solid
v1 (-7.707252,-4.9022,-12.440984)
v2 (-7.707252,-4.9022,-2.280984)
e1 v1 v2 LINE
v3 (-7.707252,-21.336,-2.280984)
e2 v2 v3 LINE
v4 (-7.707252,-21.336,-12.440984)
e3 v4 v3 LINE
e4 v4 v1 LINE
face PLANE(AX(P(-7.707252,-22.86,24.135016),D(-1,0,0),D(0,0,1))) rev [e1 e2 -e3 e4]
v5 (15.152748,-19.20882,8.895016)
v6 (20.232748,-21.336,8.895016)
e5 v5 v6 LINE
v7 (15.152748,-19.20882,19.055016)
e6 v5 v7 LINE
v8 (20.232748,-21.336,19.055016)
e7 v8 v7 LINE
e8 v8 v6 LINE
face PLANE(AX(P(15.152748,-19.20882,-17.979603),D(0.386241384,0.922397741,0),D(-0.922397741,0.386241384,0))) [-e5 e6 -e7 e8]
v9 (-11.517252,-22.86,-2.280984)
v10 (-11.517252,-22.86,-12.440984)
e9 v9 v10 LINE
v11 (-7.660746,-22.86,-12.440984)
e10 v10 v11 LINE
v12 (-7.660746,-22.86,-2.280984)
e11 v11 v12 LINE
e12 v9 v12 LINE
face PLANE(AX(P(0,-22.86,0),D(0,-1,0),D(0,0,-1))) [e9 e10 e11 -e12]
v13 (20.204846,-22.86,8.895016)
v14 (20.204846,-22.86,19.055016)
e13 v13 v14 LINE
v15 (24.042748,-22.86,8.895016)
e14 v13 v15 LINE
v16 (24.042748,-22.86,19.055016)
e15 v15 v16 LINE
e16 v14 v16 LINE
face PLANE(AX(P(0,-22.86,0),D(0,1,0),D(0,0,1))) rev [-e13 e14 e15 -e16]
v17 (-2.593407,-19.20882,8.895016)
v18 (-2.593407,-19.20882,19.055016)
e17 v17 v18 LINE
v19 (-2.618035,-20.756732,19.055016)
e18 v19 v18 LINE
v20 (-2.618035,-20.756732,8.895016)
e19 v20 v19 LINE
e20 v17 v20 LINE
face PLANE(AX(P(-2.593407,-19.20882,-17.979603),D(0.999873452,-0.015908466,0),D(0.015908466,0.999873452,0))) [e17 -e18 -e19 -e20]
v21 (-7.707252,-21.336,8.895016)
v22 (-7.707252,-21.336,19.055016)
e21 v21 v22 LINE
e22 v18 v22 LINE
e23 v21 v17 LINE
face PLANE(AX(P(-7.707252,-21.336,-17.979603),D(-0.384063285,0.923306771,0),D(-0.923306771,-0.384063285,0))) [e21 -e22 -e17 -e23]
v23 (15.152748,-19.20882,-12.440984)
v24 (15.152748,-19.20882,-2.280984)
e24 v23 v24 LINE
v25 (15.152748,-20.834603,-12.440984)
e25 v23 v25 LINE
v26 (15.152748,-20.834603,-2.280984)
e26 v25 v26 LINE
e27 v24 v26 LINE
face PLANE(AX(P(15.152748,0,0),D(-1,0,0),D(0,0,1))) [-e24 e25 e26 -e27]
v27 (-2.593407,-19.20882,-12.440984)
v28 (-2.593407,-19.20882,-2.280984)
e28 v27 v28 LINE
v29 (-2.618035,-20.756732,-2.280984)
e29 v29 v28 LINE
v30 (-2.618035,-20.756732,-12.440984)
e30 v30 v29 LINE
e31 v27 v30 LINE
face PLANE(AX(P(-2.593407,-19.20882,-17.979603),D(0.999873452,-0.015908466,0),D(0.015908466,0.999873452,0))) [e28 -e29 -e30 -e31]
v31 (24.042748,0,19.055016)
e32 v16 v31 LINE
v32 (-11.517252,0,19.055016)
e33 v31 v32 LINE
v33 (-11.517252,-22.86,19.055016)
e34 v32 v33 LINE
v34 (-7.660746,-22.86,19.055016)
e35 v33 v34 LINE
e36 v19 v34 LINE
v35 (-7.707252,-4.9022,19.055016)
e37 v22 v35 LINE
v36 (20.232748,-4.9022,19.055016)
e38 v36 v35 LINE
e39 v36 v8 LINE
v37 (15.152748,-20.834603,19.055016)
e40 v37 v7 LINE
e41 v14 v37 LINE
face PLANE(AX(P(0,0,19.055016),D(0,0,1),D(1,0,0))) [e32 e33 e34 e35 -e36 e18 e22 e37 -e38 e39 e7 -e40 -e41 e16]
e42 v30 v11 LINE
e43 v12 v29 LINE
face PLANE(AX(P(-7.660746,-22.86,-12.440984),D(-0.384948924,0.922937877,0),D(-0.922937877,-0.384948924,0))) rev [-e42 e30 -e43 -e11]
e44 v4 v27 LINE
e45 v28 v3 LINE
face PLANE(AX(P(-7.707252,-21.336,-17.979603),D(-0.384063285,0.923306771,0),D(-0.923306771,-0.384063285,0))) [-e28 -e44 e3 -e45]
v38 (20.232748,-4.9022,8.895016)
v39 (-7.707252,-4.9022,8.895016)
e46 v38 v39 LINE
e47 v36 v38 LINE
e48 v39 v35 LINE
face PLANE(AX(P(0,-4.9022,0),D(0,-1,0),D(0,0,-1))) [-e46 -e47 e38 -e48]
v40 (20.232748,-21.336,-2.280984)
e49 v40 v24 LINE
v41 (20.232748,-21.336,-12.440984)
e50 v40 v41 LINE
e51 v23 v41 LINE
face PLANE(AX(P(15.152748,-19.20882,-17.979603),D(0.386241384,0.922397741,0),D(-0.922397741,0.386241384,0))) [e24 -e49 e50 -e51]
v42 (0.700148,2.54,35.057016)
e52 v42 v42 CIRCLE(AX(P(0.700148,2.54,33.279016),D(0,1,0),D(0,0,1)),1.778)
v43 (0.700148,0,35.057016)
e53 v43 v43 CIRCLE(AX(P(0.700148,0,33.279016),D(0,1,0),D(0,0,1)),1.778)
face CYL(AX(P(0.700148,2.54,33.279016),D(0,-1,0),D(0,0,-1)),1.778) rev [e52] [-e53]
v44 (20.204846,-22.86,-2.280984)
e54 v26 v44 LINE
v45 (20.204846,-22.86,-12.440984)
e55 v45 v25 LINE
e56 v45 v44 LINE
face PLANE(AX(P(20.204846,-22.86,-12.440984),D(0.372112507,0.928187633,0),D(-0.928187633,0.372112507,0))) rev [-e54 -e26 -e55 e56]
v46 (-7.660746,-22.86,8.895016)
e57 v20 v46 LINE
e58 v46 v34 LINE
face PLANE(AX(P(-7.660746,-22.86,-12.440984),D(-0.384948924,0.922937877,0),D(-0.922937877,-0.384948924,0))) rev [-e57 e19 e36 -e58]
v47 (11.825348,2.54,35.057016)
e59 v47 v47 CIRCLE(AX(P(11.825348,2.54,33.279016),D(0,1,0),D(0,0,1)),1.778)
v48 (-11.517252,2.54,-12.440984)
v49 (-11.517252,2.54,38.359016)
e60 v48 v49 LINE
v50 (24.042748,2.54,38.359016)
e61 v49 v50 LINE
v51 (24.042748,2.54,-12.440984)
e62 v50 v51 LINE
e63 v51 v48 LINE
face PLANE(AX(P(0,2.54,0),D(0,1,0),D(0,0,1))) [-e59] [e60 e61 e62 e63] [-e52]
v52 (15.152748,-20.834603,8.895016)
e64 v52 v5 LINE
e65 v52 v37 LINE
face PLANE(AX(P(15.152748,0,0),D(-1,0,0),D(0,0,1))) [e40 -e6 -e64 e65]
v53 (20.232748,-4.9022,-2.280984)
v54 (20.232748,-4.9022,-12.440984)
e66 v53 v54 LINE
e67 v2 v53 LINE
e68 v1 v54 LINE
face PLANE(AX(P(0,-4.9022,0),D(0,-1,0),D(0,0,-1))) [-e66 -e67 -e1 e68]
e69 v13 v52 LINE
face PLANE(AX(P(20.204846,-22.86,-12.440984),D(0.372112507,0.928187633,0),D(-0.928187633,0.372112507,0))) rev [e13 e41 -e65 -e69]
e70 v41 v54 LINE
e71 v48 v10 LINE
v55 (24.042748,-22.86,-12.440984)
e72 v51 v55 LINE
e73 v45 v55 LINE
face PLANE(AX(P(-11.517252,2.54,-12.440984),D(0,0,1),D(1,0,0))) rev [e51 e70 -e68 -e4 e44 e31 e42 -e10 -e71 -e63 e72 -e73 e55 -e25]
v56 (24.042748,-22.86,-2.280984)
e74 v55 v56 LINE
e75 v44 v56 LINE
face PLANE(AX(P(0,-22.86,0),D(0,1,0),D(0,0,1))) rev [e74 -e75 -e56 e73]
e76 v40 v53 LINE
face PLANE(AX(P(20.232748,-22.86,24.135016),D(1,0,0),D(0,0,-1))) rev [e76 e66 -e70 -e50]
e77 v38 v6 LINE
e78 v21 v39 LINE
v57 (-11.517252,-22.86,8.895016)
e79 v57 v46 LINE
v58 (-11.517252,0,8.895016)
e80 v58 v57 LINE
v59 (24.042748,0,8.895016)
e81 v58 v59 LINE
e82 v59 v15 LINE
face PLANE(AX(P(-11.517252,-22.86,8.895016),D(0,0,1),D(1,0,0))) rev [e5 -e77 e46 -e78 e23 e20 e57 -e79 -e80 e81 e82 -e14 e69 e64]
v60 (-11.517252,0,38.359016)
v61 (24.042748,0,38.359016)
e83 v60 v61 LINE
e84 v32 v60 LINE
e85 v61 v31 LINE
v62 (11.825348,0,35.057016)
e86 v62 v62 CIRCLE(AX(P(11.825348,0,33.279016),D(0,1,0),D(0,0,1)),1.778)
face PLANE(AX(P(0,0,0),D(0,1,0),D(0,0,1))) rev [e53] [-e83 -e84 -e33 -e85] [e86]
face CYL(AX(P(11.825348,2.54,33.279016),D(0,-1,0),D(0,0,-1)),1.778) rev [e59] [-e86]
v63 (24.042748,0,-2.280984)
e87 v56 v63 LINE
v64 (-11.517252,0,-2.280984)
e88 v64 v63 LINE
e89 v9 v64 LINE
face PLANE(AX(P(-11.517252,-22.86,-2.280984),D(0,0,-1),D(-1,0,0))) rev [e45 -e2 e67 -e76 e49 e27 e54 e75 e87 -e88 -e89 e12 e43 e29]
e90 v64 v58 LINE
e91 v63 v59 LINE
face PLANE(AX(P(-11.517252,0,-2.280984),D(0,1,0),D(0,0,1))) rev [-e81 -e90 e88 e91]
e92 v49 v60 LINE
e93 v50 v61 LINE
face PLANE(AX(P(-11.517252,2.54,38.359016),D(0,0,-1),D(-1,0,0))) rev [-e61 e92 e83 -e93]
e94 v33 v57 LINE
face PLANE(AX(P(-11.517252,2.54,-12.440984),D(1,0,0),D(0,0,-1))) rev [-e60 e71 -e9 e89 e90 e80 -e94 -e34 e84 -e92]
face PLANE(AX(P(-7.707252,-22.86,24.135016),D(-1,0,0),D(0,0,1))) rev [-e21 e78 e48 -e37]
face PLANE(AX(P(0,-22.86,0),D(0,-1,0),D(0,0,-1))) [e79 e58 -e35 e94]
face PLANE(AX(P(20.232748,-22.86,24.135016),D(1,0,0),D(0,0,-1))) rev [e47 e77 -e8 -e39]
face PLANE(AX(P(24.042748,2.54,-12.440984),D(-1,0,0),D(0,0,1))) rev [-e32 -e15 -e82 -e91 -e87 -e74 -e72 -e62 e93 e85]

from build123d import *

# Parameters (mm, degrees)
SKETCH3_W           = 35.56
SKETCH3_H           = 50.8
SKETCH3_R           = 1.778
BOSS_EXTRUDE3_DEPTH = 2.54
SKETCH4_W           = 3.81
SKETCH4_H           = 36.576
BOSS_EXTRUDE4_DEPTH = 22.86
SKETCH5_W           = 36.576
SKETCH5_H           = 1.524
BOSS_EXTRUDE5_DEPTH = 5.08
SKETCH6_W           = 36.576
SKETCH6_H           = 1.524
BOSS_EXTRUDE6_DEPTH = 5.08
SKETCH7_W           = 35.56
SKETCH7_H           = 22.86
CUT_EXTRUDE1_DEPTH  = 5.08
SKETCH11_W          = 35.56
SKETCH11_H          = 31.496
BOSS_EXTRUDE7_DEPTH = 4.9022
BOSS_EXTRUDE8_DEPTH = 31.496
SKETCH8_W           = 11.176
SKETCH8_H           = 22.86
CUT_EXTRUDE2_DEPTH  = 36.56
CUT_EXTRUDE3_DEPTH  = 32.496


with BuildPart() as part:
    # Sketch3 → Boss-Extrude3 (new body)
    with BuildSketch(Plane(origin=(0, 0, 0), x_dir=(1, 0, 0), z_dir=(0, 1, 0))):
        with Locations((6.262748092, -12.959016216)):
            Rectangle(SKETCH3_W, SKETCH3_H)
        with Locations((0.700148092, -33.279016216)):
            Circle(SKETCH3_R, mode=Mode.SUBTRACT)
        with Locations((11.825348092, -33.279016216)):
            Circle(SKETCH3_R, mode=Mode.SUBTRACT)
    extrude(amount=BOSS_EXTRUDE3_DEPTH)

    # Sketch4 → Boss-Extrude4 (add)
    with BuildSketch(Plane.XZ):
        with Locations((-9.612251908, 5.847016216)):
            Rectangle(SKETCH4_W, SKETCH4_H)
        with Locations((22.137748092, 5.847016216)):
            Rectangle(SKETCH4_W, SKETCH4_H)
    extrude(amount=BOSS_EXTRUDE4_DEPTH)

    # Sketch5 → Boss-Extrude5 (add)
    with BuildSketch(Plane(origin=(-7.707251908, 0, 0), x_dir=(0, 0, -1), z_dir=(1, 0, 0))):
        with Locations((-5.847016216, -22.098)):
            Rectangle(SKETCH5_W, SKETCH5_H)
    extrude(amount=BOSS_EXTRUDE5_DEPTH)

    # Sketch6 → Boss-Extrude6 (add)
    with BuildSketch(Plane.ZY.offset(-20.232748092)):
        with Locations((5.847016216, -22.098)):
            Rectangle(SKETCH6_W, SKETCH6_H)
    extrude(amount=BOSS_EXTRUDE6_DEPTH)

    # Sketch7 → Cut-Extrude1 (cut)
    with BuildSketch(Plane.XY.offset(24.135016216)):
        with Locations((6.262748092, -11.43)):
            Rectangle(SKETCH7_W, SKETCH7_H)
    extrude(amount=-CUT_EXTRUDE1_DEPTH, mode=Mode.SUBTRACT)

    # Sketch11 → Boss-Extrude7 (add)
    with BuildSketch(Plane.XZ):
        with Locations((6.262748092, 3.307016216)):
            Rectangle(SKETCH11_W, SKETCH11_H)
    extrude(amount=BOSS_EXTRUDE7_DEPTH)

    # Sketch12 → Boss-Extrude8 (add)
    with BuildSketch(Plane.XY.offset(19.055016216)):
        Polygon((-7.707251908, -21.336), (-2.593407451, -19.20881978), (-2.627251908, -21.336), align=None)
        Polygon((15.152748092, -21.336), (15.152748092, -19.20881978), (20.232748092, -21.336), align=None)
    extrude(amount=-BOSS_EXTRUDE8_DEPTH)

    # Sketch8 → Cut-Extrude2 (cut, through all)
    with BuildSketch(Plane(origin=(24.042748092, 0, 0), x_dir=(0, 0, -1), z_dir=(1, 0, 0))):
        with Locations((-3.307016216, -11.43)):
            Rectangle(SKETCH8_W, SKETCH8_H)
    extrude(amount=-CUT_EXTRUDE2_DEPTH, mode=Mode.SUBTRACT)

    # Sketch13 → Cut-Extrude3 (cut, through all)
    with BuildSketch(Plane.XY.offset(19.055016216)):
        Polygon((-7.660745747, -22.86), (-2.618035473, -20.756731792), (-2.627251908, -22.86), align=None)
        Polygon((15.152748092, -22.86), (20.204845905, -22.86), (15.152748092, -20.834602636), align=None)
    extrude(amount=-CUT_EXTRUDE3_DEPTH, mode=Mode.SUBTRACT)


solid = part.part
